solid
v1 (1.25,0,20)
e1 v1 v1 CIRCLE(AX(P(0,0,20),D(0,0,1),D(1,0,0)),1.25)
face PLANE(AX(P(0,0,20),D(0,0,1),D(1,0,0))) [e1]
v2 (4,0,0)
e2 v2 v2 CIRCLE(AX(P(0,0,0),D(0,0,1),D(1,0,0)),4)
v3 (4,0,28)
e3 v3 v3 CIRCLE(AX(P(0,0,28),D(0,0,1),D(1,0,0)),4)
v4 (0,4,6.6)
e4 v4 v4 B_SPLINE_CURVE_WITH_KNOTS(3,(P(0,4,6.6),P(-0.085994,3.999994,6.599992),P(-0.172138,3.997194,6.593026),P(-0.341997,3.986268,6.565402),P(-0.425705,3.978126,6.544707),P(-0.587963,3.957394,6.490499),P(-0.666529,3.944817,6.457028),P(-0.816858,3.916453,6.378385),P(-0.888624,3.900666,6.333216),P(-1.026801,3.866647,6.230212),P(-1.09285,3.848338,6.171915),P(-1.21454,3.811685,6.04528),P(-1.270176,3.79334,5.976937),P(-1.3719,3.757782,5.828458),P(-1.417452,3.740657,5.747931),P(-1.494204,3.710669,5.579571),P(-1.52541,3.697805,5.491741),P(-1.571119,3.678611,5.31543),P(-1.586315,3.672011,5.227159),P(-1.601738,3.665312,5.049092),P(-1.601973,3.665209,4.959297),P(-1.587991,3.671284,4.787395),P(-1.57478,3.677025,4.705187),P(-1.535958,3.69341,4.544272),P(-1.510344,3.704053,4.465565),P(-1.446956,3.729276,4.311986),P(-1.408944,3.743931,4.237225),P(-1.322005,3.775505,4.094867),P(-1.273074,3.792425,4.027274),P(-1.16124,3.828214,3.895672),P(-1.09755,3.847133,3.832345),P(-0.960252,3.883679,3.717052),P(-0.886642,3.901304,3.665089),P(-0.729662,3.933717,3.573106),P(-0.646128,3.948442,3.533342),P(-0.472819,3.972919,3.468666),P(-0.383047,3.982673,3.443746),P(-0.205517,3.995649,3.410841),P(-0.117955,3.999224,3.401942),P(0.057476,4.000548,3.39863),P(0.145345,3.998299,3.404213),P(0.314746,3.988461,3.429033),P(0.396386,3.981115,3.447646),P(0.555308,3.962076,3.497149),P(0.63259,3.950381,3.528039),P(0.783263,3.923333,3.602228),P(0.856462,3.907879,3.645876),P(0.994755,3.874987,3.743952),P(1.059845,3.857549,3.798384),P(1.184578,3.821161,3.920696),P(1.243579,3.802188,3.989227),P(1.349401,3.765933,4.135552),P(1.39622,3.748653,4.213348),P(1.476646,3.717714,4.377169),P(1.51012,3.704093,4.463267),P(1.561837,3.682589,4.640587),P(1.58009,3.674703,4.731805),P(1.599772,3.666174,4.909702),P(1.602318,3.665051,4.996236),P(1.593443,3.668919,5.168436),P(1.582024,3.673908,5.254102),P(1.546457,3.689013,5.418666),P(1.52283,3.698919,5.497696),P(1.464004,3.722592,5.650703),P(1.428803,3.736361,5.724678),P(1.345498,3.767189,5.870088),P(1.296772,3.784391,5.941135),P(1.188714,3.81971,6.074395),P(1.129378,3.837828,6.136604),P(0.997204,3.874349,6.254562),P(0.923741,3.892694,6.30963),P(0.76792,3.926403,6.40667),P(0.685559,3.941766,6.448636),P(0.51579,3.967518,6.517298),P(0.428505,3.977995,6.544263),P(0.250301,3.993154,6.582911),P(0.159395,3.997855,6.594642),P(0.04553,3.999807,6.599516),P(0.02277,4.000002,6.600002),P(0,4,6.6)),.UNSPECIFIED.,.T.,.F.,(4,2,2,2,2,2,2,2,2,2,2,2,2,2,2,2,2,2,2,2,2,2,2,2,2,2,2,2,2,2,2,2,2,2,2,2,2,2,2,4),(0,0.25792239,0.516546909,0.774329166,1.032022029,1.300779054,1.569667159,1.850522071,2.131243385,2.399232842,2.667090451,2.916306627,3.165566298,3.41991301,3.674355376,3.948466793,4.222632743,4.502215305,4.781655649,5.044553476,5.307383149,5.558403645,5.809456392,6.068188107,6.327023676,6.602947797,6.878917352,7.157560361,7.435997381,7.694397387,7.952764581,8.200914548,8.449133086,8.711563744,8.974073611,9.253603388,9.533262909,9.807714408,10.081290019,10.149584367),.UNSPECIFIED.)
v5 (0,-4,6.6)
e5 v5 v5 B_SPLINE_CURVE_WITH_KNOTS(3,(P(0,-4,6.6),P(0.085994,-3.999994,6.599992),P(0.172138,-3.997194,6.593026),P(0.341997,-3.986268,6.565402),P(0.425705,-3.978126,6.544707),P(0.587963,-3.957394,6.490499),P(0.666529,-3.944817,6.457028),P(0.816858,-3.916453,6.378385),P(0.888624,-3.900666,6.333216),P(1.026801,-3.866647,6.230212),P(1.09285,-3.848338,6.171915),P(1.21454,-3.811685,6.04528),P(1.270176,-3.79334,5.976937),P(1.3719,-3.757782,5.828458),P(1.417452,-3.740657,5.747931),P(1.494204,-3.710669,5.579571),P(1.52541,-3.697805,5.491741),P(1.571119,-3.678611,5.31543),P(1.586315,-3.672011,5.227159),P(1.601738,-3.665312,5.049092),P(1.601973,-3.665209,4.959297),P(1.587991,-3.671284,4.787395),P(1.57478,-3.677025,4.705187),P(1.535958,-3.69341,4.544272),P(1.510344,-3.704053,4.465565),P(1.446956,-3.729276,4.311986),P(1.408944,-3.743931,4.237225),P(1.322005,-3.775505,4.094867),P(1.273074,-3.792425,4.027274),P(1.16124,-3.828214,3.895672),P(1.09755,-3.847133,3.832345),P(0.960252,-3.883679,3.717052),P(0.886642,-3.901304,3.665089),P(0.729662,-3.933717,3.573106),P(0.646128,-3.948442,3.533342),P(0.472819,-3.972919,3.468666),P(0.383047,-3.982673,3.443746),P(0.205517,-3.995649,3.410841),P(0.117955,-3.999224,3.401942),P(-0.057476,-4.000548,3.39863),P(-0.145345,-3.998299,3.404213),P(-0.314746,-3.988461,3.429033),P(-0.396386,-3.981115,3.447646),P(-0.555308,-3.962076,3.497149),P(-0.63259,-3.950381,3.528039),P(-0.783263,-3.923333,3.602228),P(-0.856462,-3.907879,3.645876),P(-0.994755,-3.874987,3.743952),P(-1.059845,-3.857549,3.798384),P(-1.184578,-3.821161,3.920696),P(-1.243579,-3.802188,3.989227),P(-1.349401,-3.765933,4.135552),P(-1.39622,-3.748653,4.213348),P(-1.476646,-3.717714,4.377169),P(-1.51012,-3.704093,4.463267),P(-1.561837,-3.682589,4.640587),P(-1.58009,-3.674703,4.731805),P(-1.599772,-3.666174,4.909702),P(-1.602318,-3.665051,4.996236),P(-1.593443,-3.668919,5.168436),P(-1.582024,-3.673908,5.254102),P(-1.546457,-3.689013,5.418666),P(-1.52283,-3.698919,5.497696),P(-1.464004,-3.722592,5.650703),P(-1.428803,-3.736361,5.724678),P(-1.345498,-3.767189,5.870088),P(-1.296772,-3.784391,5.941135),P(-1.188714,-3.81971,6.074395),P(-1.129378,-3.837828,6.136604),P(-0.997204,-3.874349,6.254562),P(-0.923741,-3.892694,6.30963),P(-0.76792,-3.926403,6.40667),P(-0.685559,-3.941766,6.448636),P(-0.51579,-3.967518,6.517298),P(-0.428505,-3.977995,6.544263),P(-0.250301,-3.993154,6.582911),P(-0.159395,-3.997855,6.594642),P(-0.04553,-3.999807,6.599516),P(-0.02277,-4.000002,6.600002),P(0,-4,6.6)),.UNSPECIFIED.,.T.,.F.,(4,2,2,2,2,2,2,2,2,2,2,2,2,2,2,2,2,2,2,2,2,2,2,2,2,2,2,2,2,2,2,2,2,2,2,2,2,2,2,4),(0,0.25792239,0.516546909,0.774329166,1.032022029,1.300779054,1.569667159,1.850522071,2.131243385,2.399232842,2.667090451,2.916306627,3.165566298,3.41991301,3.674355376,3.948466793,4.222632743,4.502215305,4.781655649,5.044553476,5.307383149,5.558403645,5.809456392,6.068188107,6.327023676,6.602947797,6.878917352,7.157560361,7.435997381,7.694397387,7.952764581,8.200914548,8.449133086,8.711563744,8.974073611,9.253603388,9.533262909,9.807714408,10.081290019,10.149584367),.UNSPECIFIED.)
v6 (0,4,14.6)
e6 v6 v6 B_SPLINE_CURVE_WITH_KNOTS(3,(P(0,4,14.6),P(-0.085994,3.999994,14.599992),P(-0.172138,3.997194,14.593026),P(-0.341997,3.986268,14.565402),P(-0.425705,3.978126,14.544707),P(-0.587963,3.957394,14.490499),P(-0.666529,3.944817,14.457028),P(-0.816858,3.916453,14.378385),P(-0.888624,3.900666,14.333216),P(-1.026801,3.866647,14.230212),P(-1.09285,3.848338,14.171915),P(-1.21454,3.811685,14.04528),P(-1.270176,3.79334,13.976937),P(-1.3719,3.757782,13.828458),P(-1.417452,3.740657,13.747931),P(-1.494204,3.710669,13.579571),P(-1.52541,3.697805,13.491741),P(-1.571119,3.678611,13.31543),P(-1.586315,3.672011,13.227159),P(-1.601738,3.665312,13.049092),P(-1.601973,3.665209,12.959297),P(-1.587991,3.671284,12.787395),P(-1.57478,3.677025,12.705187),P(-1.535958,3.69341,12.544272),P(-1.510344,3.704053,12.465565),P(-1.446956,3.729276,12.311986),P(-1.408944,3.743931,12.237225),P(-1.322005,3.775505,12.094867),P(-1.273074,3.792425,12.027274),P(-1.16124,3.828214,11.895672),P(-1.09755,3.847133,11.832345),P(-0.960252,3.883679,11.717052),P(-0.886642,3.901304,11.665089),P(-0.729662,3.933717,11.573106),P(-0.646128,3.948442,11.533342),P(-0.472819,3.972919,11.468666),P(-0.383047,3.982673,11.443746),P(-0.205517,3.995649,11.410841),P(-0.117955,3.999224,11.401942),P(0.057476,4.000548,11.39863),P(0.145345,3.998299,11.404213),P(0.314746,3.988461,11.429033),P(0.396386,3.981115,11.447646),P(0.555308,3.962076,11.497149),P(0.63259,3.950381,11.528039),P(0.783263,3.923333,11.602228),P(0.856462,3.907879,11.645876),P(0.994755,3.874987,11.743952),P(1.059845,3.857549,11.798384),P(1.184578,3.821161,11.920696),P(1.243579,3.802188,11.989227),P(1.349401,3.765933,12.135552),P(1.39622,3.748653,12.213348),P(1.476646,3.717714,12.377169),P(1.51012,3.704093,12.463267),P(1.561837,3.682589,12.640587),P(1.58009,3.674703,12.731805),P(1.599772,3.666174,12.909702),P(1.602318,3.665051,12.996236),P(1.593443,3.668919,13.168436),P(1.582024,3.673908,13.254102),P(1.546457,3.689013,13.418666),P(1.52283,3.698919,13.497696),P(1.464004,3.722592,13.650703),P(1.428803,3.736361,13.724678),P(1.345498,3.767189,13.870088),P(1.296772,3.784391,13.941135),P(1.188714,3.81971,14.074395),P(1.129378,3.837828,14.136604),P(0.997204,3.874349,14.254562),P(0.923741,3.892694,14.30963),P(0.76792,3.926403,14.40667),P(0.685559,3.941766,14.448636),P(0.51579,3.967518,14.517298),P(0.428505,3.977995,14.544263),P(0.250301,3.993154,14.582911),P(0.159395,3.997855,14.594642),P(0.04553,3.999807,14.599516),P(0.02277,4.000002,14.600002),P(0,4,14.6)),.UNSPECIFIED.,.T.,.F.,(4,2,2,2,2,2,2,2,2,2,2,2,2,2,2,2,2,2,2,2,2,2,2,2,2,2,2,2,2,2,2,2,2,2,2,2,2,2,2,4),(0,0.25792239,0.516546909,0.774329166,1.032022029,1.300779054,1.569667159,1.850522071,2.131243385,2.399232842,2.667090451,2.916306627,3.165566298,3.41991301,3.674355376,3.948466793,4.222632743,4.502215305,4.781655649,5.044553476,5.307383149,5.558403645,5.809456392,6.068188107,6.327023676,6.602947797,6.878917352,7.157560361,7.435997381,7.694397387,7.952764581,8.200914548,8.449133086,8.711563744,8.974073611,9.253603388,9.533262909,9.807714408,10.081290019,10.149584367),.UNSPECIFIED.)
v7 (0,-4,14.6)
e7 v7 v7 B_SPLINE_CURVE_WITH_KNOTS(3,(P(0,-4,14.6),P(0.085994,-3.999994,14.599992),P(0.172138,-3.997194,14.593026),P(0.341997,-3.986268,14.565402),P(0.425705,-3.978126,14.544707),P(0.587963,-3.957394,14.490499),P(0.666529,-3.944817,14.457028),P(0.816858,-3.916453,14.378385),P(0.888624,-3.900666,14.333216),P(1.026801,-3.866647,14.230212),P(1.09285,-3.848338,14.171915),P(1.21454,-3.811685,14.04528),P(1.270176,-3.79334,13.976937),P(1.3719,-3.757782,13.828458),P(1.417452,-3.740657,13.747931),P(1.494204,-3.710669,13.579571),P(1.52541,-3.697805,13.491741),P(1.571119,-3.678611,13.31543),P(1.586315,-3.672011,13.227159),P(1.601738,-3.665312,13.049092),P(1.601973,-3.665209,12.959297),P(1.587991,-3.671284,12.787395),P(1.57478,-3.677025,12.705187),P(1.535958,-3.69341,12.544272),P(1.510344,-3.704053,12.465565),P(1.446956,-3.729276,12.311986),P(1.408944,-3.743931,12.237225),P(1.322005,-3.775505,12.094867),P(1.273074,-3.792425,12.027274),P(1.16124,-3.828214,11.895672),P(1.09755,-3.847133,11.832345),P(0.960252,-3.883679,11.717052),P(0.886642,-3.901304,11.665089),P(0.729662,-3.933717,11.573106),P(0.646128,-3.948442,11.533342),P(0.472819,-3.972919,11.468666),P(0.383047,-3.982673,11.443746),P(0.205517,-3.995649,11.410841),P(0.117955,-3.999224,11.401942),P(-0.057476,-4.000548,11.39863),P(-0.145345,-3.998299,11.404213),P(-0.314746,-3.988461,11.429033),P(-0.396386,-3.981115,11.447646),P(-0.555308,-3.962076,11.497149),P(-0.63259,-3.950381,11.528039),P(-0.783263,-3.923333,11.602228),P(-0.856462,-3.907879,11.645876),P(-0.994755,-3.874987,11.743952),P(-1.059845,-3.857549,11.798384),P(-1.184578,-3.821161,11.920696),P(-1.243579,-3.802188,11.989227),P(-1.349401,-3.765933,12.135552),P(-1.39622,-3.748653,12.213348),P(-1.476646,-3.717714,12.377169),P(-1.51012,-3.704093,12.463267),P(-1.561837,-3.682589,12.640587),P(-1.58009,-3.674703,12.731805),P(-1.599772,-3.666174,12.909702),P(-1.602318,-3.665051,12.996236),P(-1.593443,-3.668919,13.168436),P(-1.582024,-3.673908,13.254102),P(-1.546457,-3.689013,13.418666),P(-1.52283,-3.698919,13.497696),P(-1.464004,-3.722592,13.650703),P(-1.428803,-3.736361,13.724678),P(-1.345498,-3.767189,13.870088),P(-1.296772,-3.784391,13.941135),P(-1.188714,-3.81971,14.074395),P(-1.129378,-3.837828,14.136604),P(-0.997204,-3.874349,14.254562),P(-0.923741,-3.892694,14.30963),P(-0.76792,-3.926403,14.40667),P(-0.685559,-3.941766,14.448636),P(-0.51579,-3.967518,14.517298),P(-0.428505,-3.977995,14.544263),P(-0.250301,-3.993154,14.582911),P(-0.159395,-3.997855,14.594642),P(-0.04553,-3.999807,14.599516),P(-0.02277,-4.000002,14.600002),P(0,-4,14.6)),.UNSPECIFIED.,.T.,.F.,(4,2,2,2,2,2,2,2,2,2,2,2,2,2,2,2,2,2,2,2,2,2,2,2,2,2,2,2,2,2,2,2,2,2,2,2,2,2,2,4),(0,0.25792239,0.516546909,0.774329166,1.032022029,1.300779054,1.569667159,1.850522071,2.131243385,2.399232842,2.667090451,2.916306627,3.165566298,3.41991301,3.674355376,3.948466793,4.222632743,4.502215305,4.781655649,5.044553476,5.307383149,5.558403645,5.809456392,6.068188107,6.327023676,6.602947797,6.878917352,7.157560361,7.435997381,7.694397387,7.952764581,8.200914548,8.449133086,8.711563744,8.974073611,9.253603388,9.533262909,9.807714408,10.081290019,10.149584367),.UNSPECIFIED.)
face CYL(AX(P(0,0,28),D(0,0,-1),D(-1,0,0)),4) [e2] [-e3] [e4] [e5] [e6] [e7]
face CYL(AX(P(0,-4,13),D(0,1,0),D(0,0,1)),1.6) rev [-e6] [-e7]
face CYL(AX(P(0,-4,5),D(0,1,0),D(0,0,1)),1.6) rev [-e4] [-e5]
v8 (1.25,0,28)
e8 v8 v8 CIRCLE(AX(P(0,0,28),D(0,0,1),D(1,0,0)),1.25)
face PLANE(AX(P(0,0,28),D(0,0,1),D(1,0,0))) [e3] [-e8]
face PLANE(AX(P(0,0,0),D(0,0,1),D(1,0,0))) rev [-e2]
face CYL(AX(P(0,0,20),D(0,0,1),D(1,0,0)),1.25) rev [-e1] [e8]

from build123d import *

# Parameters (mm, degrees)
SKETCH_311_R          = 4
EXTRUDE_356_DEPTH     = 28
SKETCH_440_R          = 1.6
CUT_EXTRUDE_537_DEPTH = 30.393876913
SKETCH_1_R            = 1.25
CUT_EXTRUDE_1_DEPTH   = 8


with BuildPart() as part:
    # Sketch 311 → Extrude 356 (new body)
    with BuildSketch(Plane.XY):
        Circle(SKETCH_311_R)
    extrude(amount=EXTRUDE_356_DEPTH)

    # Sketch 440 → Cut-Extrude 537 (cut, through all)
    with BuildSketch(Plane(origin=(0, 4, 0), x_dir=(1, 0, 0), z_dir=(0, 1, 0))):
        with Locations((0, -5)):
            Circle(SKETCH_440_R)
        with Locations((0, -13)):
            Circle(SKETCH_440_R)
    extrude(amount=-CUT_EXTRUDE_537_DEPTH, mode=Mode.SUBTRACT)

    # ｽｹｯﾁ1 → ｶｯﾄ - 押し出し1 (cut)
    with BuildSketch(Plane.XY.offset(28)):
        Circle(SKETCH_1_R)
    extrude(amount=-CUT_EXTRUDE_1_DEPTH, mode=Mode.SUBTRACT)


solid = part.part
